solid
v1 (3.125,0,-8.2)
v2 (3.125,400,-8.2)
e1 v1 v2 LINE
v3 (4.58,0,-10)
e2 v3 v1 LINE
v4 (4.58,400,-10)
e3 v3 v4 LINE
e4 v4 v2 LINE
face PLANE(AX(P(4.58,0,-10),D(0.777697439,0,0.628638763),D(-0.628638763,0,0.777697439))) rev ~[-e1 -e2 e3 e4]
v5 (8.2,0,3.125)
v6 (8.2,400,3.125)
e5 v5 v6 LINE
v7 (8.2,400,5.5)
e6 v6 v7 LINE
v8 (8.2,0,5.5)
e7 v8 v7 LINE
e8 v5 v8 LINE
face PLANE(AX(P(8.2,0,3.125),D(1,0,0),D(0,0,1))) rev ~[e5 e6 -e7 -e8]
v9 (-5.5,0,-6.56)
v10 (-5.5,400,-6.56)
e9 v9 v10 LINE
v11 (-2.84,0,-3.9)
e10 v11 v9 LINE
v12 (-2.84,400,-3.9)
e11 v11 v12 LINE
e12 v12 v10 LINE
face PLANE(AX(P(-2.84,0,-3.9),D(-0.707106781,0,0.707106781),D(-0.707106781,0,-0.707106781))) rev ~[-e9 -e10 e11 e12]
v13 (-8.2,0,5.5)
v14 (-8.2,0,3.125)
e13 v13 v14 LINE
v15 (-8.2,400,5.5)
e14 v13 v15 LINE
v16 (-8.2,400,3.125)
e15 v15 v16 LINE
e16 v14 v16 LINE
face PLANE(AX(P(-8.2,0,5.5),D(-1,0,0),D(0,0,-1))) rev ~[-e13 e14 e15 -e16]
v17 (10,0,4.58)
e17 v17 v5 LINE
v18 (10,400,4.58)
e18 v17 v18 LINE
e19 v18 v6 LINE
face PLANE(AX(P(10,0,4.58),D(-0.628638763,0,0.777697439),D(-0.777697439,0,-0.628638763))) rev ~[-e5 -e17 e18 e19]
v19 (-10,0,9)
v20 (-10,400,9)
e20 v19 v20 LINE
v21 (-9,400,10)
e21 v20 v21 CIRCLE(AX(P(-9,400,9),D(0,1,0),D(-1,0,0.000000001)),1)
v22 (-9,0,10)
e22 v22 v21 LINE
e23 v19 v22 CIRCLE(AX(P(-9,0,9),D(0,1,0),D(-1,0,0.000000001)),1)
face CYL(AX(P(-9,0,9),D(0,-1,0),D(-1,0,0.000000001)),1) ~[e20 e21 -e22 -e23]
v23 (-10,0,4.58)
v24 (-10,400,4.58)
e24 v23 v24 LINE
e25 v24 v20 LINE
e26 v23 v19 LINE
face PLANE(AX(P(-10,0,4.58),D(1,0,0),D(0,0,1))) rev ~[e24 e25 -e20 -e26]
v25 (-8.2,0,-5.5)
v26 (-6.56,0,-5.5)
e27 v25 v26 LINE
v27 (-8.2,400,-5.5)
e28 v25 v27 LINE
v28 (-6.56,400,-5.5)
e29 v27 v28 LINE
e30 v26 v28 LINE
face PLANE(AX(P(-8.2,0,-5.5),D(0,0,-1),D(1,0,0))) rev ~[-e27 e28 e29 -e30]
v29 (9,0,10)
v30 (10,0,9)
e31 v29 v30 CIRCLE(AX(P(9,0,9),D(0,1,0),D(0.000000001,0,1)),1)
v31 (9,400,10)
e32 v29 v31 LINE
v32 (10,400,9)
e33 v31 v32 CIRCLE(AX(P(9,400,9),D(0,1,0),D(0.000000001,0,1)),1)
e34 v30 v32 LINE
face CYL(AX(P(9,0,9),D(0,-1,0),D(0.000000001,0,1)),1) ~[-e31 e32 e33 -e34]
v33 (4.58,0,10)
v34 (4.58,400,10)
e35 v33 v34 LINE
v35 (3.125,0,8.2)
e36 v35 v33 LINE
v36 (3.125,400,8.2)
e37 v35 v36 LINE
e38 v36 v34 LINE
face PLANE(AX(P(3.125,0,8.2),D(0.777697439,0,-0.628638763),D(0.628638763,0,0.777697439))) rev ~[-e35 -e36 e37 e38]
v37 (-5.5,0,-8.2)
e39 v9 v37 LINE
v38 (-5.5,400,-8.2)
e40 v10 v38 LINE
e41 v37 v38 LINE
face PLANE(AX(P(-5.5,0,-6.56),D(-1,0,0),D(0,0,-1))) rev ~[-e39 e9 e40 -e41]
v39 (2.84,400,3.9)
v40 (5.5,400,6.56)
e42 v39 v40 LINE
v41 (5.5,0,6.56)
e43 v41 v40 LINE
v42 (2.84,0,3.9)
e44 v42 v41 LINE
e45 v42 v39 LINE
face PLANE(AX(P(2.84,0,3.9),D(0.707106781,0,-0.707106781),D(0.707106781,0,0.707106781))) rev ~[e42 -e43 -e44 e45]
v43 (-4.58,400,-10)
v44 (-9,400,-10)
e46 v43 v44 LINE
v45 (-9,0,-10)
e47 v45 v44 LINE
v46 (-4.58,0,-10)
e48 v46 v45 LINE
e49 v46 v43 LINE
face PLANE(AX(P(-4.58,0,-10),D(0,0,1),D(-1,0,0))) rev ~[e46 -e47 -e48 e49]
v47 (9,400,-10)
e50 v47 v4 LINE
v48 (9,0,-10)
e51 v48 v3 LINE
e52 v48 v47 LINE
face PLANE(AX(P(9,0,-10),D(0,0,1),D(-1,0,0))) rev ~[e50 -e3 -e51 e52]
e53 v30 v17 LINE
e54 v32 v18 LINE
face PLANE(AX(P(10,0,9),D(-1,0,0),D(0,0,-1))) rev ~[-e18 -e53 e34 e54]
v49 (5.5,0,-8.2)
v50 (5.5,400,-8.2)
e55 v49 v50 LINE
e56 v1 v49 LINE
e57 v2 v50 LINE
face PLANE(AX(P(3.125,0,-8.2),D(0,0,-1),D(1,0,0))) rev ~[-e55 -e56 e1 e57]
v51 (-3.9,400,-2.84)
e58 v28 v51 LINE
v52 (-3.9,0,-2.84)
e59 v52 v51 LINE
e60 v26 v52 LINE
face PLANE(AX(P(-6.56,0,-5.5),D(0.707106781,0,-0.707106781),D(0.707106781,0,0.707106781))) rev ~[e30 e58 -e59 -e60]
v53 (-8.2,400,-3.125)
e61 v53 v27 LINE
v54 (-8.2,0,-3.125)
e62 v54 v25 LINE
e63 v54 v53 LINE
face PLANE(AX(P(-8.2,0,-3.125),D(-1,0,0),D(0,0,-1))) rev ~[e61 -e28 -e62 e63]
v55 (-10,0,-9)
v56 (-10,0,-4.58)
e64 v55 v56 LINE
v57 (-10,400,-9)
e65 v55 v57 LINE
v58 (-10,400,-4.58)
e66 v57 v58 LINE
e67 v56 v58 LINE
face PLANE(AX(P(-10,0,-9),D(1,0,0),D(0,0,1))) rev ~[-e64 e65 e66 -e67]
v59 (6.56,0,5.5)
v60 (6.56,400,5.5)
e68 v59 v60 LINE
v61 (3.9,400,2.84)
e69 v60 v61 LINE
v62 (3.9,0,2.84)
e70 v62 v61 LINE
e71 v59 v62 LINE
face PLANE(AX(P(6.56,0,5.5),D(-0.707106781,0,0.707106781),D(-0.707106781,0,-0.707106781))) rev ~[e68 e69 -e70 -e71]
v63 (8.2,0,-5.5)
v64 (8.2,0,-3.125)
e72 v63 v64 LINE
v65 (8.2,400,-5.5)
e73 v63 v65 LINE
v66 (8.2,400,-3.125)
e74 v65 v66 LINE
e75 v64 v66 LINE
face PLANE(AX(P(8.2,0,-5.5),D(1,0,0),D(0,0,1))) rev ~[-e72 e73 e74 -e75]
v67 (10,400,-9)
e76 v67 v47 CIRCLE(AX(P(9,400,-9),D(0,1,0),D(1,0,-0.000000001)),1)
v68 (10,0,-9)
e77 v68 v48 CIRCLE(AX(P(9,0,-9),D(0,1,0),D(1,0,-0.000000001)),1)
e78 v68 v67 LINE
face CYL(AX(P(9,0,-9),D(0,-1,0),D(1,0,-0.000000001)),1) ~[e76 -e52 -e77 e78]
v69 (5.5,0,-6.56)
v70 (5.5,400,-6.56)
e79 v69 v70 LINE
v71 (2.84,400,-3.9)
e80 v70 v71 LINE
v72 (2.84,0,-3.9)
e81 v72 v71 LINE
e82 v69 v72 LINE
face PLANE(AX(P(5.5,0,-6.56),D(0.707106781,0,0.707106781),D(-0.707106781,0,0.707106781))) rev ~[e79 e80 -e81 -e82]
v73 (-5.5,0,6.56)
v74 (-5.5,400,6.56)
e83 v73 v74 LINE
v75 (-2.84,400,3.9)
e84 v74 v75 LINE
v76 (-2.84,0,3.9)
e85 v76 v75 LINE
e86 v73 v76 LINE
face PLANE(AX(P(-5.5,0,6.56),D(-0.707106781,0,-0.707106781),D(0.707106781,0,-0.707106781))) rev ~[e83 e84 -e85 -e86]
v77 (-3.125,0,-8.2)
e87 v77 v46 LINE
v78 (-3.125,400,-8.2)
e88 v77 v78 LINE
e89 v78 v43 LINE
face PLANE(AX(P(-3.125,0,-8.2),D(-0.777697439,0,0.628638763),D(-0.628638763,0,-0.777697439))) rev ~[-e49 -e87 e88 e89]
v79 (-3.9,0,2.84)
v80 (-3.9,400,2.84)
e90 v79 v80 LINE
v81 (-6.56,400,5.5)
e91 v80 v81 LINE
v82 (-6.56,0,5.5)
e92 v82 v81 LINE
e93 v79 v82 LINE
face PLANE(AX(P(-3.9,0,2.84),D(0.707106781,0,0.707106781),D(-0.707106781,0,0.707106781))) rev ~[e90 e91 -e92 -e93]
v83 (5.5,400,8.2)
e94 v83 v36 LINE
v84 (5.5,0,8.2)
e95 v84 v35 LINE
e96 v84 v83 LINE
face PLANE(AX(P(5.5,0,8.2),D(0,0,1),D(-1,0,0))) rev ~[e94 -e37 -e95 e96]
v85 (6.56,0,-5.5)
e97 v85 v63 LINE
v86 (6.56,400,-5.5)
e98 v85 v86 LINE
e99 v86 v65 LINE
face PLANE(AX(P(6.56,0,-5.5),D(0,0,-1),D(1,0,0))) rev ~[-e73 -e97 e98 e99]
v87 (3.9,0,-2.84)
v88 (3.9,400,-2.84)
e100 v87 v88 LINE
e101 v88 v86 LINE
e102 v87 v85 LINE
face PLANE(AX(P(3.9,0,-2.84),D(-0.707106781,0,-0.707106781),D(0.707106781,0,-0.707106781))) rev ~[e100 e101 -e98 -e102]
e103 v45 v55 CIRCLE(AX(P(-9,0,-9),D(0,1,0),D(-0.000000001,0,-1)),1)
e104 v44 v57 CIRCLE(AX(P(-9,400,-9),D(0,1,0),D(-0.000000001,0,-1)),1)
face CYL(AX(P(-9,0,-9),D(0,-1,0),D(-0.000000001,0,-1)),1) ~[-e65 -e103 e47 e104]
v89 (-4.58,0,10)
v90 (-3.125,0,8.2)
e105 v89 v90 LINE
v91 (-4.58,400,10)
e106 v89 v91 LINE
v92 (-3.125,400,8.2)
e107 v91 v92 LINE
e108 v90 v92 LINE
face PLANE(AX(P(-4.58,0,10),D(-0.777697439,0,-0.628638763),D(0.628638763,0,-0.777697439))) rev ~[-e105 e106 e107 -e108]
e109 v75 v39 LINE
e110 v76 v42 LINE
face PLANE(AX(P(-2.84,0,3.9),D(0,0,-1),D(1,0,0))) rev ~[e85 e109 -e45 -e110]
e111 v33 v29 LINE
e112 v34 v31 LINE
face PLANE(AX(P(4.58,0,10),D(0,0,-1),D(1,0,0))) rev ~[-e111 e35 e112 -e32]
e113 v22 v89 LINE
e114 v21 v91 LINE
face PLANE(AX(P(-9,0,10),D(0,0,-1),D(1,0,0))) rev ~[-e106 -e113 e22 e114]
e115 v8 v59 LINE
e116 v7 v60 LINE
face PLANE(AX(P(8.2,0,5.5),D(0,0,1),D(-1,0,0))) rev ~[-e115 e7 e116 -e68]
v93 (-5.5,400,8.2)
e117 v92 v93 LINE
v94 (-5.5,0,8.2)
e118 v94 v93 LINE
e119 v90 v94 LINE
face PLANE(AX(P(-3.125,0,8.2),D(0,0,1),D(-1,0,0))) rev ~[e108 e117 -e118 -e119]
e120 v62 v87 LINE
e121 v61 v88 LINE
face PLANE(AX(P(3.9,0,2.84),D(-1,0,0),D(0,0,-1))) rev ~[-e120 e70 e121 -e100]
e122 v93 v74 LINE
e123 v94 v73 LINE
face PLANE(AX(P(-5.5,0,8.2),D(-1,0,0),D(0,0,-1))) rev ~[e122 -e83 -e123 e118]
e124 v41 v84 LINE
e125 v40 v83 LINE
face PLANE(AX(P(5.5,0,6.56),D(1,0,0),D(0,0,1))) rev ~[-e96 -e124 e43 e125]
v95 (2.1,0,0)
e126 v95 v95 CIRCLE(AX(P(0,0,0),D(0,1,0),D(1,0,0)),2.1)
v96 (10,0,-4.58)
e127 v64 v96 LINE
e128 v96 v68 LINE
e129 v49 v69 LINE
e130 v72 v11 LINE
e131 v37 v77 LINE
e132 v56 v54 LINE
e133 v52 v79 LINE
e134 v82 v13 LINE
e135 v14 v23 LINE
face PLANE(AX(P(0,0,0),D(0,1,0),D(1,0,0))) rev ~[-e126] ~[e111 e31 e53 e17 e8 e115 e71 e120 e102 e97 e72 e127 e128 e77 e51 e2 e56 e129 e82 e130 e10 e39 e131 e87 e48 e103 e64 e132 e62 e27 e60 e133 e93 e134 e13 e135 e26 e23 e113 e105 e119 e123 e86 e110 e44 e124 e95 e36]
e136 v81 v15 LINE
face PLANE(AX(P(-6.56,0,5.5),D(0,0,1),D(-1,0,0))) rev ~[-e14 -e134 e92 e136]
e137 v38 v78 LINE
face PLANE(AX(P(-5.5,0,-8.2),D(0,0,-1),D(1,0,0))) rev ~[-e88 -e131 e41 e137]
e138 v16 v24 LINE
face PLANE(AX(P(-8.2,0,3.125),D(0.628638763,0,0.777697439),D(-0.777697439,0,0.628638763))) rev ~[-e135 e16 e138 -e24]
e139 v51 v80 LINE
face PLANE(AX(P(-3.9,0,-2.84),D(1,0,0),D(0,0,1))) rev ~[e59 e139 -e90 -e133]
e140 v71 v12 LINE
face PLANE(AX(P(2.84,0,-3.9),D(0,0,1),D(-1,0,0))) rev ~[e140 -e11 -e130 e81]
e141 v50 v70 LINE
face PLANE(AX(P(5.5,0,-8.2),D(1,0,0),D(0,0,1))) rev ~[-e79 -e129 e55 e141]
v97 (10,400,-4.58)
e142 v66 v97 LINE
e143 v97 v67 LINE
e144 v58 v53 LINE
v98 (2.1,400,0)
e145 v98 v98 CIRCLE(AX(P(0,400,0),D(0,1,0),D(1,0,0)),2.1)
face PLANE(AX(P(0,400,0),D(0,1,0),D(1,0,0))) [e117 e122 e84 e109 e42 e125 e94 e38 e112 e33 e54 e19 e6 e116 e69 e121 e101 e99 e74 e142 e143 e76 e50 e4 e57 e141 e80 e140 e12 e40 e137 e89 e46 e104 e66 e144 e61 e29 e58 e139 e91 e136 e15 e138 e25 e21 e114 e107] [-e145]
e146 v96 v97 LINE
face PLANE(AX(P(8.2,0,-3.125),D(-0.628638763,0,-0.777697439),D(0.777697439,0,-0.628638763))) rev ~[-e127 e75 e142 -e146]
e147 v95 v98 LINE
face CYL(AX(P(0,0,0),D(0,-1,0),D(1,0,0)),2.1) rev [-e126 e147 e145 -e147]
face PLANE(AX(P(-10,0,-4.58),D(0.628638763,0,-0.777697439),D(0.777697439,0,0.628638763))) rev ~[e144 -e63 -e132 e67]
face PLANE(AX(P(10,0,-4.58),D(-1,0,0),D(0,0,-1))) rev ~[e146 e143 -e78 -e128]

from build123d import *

# Parameters (mm, degrees)
SKETCH1_R           = 2.1
BOSS_EXTRUDE1_DEPTH = 400


with BuildPart() as part:
    # Sketch1 → Boss-Extrude1 (new body)
    with BuildSketch(Plane(origin=(0, 0, 0), x_dir=(1, 0, 0), z_dir=(0, 1, 0))):
        with BuildLine():
            Line((-5.5, 8.2), (-3.125, 8.2))
            Line((-3.125, 8.2), (-4.58, 10))
            Line((-4.58, 10), (-9, 10))
            ThreePointArc((-9, 10), (-9.707106781, 9.707106781), (-10, 9))
            Line((-10, 9), (-10, 4.58))
            Line((-10, 4.58), (-8.2, 3.125))
            Line((-8.2, 3.125), (-8.2, 5.5))
            Line((-8.2, 5.5), (-6.56, 5.5))
            Line((-6.56, 5.5), (-3.9, 2.84))
            Line((-3.9, 2.84), (-3.9, -2.84))
            Line((-3.9, -2.84), (-6.56, -5.5))
            Line((-6.56, -5.5), (-8.2, -5.5))
            Line((-8.2, -5.5), (-8.2, -3.125))
            Line((-8.2, -3.125), (-10, -4.58))
            Line((-10, -4.58), (-10, -9))
            ThreePointArc((-10, -9), (-9.707106781, -9.707106781), (-9, -10))
            Line((-9, -10), (-4.58, -10))
            Line((-4.58, -10), (-3.125, -8.2))
            Line((-3.125, -8.2), (-5.5, -8.2))
            Line((-5.5, -8.2), (-5.5, -6.56))
            Line((-5.5, -6.56), (-2.84, -3.9))
            Line((-2.84, -3.9), (2.84, -3.9))
            Line((2.84, -3.9), (5.5, -6.56))
            Line((5.5, -6.56), (5.5, -8.2))
            Line((5.5, -8.2), (3.125, -8.2))
            Line((3.125, -8.2), (4.58, -10))
            Line((4.58, -10), (9, -10))
            ThreePointArc((9, -10), (9.707106781, -9.707106781), (10, -9))
            Line((10, -9), (10, -4.58))
            Line((10, -4.58), (8.2, -3.125))
            Line((8.2, -3.125), (8.2, -5.5))
            Line((8.2, -5.5), (6.56, -5.5))
            Line((6.56, -5.5), (3.9, -2.84))
            Line((3.9, -2.84), (3.9, 2.84))
            Line((3.9, 2.84), (6.56, 5.5))
            Line((6.56, 5.5), (8.2, 5.5))
            Line((8.2, 5.5), (8.2, 3.125))
            Line((8.2, 3.125), (10, 4.58))
            Line((10, 4.58), (10, 9))
            ThreePointArc((10, 9), (9.707106781, 9.707106781), (9, 10))
            Line((9, 10), (4.58, 10))
            Line((4.58, 10), (3.125, 8.2))
            Line((3.125, 8.2), (5.5, 8.2))
            Line((5.5, 8.2), (5.5, 6.56))
            Line((5.5, 6.56), (2.84, 3.9))
            Line((2.84, 3.9), (-2.84, 3.9))
            Line((-2.84, 3.9), (-5.5, 6.56))
            Line((-5.5, 6.56), (-5.5, 8.2))
        make_face()
        Circle(SKETCH1_R, mode=Mode.SUBTRACT)
    extrude(amount=BOSS_EXTRUDE1_DEPTH)


solid = part.part
